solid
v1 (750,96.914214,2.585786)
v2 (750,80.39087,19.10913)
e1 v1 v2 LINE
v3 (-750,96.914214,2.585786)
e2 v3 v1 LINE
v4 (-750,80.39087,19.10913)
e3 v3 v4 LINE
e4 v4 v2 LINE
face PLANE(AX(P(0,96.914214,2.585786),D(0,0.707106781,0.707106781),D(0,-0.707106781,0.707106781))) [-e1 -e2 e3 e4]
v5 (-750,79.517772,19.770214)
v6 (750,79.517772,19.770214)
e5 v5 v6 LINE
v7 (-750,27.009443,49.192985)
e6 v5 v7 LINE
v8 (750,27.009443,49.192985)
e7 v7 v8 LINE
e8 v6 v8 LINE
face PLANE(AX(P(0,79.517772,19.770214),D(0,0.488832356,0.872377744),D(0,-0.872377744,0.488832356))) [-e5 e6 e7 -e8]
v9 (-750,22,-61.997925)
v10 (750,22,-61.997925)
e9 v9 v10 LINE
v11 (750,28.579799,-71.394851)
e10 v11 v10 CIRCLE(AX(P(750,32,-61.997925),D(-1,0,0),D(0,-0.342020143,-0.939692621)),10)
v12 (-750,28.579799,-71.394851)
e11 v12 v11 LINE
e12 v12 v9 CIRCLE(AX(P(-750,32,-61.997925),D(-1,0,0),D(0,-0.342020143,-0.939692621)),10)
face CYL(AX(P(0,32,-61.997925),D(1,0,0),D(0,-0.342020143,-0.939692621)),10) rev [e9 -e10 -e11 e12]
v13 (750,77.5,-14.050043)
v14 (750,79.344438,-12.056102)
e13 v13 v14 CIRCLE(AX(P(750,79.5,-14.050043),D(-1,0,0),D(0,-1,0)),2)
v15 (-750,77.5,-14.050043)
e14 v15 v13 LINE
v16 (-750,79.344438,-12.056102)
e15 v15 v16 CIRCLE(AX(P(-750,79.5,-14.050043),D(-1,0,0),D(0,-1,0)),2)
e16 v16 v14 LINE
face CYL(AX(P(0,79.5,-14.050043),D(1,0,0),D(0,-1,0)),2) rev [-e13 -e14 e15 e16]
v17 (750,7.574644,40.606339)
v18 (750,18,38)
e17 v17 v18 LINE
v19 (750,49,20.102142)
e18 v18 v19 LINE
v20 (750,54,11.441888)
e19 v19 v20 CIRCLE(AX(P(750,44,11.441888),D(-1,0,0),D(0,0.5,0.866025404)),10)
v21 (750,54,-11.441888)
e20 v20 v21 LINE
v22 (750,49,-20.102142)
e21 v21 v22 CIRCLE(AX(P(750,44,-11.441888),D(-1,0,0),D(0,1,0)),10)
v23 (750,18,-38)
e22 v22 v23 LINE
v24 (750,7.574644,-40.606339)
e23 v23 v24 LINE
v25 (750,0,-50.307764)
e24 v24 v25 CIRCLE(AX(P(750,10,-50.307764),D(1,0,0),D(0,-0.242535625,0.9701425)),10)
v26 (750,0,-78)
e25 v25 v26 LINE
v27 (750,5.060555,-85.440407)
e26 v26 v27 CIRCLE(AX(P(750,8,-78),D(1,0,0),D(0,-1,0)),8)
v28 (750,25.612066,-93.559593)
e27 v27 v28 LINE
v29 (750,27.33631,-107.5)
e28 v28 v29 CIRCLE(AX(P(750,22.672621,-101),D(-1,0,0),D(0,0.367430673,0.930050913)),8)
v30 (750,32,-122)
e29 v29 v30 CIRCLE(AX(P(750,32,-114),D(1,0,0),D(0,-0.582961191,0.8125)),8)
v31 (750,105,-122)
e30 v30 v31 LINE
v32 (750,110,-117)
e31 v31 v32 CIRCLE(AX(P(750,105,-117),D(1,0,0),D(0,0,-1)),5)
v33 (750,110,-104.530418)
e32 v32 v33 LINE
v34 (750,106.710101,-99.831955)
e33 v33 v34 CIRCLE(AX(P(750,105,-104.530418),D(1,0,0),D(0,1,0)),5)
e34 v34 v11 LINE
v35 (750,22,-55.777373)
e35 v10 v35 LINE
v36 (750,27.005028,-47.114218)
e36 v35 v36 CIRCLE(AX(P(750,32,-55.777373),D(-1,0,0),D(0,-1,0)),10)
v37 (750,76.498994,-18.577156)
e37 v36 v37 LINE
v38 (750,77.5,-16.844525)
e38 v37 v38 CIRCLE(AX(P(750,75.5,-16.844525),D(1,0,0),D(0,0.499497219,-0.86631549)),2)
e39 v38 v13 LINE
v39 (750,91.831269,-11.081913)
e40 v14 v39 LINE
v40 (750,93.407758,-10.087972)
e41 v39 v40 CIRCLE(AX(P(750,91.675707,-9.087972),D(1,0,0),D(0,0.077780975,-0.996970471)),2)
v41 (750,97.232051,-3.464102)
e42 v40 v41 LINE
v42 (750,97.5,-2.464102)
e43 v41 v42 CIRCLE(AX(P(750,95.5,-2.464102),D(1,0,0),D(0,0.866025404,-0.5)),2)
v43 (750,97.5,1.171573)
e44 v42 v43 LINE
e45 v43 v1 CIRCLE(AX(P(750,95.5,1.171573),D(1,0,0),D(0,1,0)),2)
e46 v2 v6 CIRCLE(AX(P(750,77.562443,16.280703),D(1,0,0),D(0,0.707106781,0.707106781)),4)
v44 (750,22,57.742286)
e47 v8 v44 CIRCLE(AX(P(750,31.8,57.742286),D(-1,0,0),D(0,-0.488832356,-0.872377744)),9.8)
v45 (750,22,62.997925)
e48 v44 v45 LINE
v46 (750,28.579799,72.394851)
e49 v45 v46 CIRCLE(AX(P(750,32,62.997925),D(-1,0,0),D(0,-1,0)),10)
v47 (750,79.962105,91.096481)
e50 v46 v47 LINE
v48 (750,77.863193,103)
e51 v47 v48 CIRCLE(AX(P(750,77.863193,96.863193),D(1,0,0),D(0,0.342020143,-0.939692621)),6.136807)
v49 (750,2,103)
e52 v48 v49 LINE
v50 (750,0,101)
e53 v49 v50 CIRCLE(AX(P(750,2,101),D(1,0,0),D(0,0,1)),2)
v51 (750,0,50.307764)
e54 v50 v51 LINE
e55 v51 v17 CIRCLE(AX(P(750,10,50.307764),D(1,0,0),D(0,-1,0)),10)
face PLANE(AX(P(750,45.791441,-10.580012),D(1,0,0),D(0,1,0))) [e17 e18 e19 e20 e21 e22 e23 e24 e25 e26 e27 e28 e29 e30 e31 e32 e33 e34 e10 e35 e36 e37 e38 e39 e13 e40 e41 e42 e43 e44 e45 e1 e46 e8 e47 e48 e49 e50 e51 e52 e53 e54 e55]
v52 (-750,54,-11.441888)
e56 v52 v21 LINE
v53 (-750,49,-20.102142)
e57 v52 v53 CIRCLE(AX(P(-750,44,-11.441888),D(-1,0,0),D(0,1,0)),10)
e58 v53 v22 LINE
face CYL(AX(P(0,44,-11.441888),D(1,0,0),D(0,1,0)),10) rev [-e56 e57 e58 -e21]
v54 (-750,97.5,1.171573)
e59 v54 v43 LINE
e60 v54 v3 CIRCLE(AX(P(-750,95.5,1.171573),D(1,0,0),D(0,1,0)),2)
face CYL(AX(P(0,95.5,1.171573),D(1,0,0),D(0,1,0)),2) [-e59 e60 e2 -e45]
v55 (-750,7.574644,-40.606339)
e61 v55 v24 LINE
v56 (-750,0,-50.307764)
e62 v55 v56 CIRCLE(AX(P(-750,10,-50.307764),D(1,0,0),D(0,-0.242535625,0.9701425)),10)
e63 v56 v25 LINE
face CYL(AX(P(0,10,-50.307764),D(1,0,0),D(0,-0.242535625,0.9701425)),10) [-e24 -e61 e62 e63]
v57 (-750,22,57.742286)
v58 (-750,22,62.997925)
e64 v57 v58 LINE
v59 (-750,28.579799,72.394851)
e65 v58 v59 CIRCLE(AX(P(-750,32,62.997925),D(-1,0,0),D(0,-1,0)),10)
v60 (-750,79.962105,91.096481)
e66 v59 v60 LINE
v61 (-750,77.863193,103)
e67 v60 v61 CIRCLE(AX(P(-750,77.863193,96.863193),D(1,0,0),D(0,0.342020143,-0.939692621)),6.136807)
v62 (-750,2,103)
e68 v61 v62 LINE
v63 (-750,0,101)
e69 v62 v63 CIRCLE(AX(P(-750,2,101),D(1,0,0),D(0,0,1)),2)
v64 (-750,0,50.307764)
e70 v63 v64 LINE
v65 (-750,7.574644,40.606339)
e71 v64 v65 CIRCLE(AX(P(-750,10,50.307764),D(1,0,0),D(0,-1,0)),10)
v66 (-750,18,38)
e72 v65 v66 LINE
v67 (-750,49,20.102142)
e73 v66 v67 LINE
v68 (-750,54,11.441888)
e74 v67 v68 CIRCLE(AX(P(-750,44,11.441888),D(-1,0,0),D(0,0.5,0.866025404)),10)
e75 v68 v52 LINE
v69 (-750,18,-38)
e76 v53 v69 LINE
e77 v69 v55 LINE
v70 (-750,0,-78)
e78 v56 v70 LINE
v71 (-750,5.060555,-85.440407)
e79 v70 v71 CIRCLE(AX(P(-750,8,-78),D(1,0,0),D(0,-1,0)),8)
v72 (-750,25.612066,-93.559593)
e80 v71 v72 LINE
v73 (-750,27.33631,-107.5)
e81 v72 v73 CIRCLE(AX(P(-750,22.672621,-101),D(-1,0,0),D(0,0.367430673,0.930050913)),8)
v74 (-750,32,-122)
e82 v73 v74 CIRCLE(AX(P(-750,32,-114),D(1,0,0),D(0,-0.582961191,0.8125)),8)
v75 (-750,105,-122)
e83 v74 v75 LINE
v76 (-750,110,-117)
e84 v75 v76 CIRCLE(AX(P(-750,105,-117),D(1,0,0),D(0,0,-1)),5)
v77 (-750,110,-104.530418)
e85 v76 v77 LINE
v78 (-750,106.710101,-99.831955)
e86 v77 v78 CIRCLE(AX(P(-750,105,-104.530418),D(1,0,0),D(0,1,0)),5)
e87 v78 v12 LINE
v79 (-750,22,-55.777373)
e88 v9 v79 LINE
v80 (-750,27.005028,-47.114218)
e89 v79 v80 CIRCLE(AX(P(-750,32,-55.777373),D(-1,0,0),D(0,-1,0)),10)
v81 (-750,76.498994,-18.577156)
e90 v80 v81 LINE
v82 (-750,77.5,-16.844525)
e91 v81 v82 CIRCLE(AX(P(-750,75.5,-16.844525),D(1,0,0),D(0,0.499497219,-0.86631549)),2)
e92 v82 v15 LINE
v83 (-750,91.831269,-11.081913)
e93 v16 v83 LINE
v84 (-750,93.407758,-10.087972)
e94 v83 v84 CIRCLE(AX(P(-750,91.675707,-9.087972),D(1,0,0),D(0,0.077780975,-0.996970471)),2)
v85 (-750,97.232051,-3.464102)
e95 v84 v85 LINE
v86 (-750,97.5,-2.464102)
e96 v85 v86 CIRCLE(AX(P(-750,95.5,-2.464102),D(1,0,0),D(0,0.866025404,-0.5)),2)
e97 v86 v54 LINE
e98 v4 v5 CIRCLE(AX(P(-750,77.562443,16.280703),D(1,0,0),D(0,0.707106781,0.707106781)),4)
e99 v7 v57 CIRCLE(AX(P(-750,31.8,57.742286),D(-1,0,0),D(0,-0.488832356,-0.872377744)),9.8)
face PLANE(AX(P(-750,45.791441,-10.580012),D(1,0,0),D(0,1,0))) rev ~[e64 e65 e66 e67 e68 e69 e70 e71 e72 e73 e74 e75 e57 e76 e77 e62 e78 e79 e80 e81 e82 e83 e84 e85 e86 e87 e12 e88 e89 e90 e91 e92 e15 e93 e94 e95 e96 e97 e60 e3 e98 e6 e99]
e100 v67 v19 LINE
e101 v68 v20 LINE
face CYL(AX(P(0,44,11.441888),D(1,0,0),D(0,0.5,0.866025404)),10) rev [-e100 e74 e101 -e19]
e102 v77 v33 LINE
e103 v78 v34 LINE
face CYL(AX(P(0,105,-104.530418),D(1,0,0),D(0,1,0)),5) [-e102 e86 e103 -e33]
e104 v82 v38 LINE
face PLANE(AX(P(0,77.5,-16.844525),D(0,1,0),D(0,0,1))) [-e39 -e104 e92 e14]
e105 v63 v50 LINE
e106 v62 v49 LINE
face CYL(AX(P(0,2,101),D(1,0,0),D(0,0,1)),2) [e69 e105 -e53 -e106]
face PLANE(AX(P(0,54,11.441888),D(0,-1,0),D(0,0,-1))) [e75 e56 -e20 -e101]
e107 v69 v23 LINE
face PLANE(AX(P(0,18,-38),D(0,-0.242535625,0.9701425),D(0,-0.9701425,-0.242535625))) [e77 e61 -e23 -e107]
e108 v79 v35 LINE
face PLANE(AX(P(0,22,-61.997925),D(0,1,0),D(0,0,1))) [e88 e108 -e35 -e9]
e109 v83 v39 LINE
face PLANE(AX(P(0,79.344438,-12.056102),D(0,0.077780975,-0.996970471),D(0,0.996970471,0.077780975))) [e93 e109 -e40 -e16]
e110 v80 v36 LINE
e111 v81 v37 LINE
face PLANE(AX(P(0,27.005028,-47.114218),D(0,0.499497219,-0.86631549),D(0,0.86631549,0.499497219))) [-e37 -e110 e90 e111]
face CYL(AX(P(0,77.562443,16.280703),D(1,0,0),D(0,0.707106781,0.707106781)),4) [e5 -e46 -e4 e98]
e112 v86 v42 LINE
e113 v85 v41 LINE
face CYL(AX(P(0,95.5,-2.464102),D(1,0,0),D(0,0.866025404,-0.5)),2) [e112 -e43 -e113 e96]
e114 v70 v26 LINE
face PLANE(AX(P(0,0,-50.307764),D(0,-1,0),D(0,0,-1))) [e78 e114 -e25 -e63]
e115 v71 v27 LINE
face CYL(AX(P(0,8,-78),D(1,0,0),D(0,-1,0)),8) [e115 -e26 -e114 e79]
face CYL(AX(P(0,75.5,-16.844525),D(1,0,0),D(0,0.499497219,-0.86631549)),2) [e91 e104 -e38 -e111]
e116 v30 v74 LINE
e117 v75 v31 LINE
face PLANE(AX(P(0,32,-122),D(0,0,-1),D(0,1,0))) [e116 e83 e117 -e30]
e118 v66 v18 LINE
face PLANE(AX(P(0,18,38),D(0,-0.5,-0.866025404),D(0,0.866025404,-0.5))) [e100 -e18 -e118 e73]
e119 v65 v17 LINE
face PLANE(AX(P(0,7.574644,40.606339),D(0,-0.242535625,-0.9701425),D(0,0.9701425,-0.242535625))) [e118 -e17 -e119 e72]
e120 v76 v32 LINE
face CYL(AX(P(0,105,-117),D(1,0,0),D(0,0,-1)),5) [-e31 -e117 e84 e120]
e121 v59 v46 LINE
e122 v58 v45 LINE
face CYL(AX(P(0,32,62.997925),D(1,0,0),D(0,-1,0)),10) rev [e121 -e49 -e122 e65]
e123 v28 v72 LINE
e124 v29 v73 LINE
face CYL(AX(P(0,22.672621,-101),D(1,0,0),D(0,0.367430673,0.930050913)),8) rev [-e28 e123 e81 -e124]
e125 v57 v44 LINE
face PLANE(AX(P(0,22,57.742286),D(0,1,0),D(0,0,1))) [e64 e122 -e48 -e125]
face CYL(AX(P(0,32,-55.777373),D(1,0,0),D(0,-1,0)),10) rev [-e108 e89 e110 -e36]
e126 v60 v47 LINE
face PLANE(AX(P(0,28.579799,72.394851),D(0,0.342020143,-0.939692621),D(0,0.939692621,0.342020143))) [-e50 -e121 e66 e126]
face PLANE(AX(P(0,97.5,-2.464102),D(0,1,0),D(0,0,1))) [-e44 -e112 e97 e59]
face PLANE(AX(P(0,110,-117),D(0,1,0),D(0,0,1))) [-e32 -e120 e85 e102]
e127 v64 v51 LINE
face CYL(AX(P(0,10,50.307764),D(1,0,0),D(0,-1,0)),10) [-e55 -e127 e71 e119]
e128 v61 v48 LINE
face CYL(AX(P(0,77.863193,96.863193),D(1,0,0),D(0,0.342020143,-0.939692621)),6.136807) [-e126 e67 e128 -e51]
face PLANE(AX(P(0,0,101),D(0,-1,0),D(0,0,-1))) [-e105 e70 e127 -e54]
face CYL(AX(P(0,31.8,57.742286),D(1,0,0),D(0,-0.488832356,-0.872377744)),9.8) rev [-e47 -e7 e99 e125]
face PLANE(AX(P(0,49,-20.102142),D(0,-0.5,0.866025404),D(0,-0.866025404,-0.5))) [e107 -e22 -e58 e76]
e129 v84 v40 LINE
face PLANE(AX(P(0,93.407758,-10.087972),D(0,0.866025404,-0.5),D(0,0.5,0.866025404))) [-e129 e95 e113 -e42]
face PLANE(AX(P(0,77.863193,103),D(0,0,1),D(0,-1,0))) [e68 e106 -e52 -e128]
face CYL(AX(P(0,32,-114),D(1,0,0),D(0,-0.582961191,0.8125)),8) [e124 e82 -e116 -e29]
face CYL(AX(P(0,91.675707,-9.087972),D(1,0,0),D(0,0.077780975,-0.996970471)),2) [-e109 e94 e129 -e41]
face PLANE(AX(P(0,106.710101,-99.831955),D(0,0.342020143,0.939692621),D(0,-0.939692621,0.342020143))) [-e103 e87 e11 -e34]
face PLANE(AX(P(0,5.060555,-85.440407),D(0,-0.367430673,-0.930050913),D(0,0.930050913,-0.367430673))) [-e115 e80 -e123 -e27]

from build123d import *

# Parameters (mm, degrees)
F1_DEPTH = 750


with BuildPart() as f1:
    # F0 (on Right) → F1 (new body, symmetric)
    with BuildSketch(Plane.YZ):
        with BuildLine():
            Line((32, -122), (105, -122))
            ThreePointArc((105, -122), (108.5355339059, -120.5355339059), (110, -117))
            Line((110, -117), (110, -104.5304183065))
            ThreePointArc((110, -104.5304183065), (109.0957602214, -101.6625361247), (106.7101007166, -99.8319552025))
            Line((106.7101007166, -99.8319552025), (28.5797985667, -71.3948508258))
            ThreePointArc((28.5797985667, -71.3948508258), (23.8084795571, -67.7336889814), (22, -61.9979246179))
            Line((22, -61.9979246179), (22, -55.7773730996))
            ThreePointArc((22, -55.7773730996), (23.3411974865, -50.774859828), (27.0050278066, -47.1142182016))
            Line((27.0050278066, -47.1142182016), (76.4989944387, -18.5771563597))
            ThreePointArc((76.4989944387, -18.5771563597), (77.2317605027, -17.8450280344), (77.5, -16.8445253801))
            Line((77.5, -16.8445253801), (77.5, -14.0500428085))
            ThreePointArc((77.5, -14.0500428085), (78.031816786, -12.6919419101), (79.34443805, -12.0561018666))
            Line((79.34443805, -12.0561018666), (91.8312687602, -11.0819126648))
            ThreePointArc((91.8312687602, -11.0819126648), (92.7423605167, -10.7797902328), (93.4077576178, -10.0879717229))
            Line((93.4077576178, -10.0879717229), (97.2320508076, -3.4641016151))
            ThreePointArc((97.2320508076, -3.4641016151), (97.4318516526, -2.9817397053), (97.5, -2.4641016151))
            Line((97.5, -2.4641016151), (97.5, 1.1715728753))
            ThreePointArc((97.5, 1.1715728753), (97.347759065, 1.93693974), (96.9142135624, 2.5857864376))
            Line((96.9142135624, 2.5857864376), (80.3908701189, 19.1091298811))
            ThreePointArc((80.3908701189, 19.1091298811), (79.9770526202, 19.4696932477), (79.5177724194, 19.7702137305))
            Line((79.5177724194, 19.7702137305), (27.0094429083, 49.1929845773))
            ThreePointArc((27.0094429083, 49.1929845773), (23.3446035132, 52.7878671993), (22, 57.742286464))
            Line((22, 57.742286464), (22, 62.9979246179))
            ThreePointArc((22, 62.9979246179), (23.8084795571, 68.7336889814), (28.5797985667, 72.3948508258))
            Line((28.5797985667, 72.3948508258), (79.9621046277, 91.0964807999))
            ThreePointArc((79.9621046277, 91.0964807999), (83.9067681128, 97.9288383748), (77.8631930273, 103))
            Line((77.8631930273, 103), (2, 103))
            ThreePointArc((2, 103), (0.5857864376, 102.4142135624), (0, 101))
            Line((0, 101), (0, 50.307764064))
            ThreePointArc((0, 50.307764064), (2.1179456198, 44.15364197), (7.5746437496, 40.6063390626))
            Line((7.5746437496, 40.6063390626), (18, 38))
            Line((18, 38), (49, 20.1021416551))
            ThreePointArc((49, 20.1021416551), (52.6602540378, 16.4418876173), (54, 11.4418876173))
            Line((54, 11.4418876173), (54, -11.4418876173))
            ThreePointArc((54, -11.4418876173), (52.6602540378, -16.4418876173), (49, -20.1021416551))
            Line((49, -20.1021416551), (18, -38))
            Line((18, -38), (7.5746437496, -40.6063390626))
            ThreePointArc((7.5746437496, -40.6063390626), (2.1179456198, -44.15364197), (0, -50.307764064))
            Line((0, -50.307764064), (0, -78))
            ThreePointArc((0, -78), (1.385033519, -82.4991353008), (5.0605546137, -85.4404073021))
            Line((5.0605546137, -85.4404073021), (25.6120663332, -93.5595926979))
            ThreePointArc((25.6120663332, -93.5595926979), (30.6121205573, -100.0179888304), (27.3363104735, -107.5))
            ThreePointArc((27.3363104735, -107.5), (24.3842268941, -116.4494897428), (32, -122))
        make_face()
    extrude(amount=F1_DEPTH, both=True)


solid = f1.part
